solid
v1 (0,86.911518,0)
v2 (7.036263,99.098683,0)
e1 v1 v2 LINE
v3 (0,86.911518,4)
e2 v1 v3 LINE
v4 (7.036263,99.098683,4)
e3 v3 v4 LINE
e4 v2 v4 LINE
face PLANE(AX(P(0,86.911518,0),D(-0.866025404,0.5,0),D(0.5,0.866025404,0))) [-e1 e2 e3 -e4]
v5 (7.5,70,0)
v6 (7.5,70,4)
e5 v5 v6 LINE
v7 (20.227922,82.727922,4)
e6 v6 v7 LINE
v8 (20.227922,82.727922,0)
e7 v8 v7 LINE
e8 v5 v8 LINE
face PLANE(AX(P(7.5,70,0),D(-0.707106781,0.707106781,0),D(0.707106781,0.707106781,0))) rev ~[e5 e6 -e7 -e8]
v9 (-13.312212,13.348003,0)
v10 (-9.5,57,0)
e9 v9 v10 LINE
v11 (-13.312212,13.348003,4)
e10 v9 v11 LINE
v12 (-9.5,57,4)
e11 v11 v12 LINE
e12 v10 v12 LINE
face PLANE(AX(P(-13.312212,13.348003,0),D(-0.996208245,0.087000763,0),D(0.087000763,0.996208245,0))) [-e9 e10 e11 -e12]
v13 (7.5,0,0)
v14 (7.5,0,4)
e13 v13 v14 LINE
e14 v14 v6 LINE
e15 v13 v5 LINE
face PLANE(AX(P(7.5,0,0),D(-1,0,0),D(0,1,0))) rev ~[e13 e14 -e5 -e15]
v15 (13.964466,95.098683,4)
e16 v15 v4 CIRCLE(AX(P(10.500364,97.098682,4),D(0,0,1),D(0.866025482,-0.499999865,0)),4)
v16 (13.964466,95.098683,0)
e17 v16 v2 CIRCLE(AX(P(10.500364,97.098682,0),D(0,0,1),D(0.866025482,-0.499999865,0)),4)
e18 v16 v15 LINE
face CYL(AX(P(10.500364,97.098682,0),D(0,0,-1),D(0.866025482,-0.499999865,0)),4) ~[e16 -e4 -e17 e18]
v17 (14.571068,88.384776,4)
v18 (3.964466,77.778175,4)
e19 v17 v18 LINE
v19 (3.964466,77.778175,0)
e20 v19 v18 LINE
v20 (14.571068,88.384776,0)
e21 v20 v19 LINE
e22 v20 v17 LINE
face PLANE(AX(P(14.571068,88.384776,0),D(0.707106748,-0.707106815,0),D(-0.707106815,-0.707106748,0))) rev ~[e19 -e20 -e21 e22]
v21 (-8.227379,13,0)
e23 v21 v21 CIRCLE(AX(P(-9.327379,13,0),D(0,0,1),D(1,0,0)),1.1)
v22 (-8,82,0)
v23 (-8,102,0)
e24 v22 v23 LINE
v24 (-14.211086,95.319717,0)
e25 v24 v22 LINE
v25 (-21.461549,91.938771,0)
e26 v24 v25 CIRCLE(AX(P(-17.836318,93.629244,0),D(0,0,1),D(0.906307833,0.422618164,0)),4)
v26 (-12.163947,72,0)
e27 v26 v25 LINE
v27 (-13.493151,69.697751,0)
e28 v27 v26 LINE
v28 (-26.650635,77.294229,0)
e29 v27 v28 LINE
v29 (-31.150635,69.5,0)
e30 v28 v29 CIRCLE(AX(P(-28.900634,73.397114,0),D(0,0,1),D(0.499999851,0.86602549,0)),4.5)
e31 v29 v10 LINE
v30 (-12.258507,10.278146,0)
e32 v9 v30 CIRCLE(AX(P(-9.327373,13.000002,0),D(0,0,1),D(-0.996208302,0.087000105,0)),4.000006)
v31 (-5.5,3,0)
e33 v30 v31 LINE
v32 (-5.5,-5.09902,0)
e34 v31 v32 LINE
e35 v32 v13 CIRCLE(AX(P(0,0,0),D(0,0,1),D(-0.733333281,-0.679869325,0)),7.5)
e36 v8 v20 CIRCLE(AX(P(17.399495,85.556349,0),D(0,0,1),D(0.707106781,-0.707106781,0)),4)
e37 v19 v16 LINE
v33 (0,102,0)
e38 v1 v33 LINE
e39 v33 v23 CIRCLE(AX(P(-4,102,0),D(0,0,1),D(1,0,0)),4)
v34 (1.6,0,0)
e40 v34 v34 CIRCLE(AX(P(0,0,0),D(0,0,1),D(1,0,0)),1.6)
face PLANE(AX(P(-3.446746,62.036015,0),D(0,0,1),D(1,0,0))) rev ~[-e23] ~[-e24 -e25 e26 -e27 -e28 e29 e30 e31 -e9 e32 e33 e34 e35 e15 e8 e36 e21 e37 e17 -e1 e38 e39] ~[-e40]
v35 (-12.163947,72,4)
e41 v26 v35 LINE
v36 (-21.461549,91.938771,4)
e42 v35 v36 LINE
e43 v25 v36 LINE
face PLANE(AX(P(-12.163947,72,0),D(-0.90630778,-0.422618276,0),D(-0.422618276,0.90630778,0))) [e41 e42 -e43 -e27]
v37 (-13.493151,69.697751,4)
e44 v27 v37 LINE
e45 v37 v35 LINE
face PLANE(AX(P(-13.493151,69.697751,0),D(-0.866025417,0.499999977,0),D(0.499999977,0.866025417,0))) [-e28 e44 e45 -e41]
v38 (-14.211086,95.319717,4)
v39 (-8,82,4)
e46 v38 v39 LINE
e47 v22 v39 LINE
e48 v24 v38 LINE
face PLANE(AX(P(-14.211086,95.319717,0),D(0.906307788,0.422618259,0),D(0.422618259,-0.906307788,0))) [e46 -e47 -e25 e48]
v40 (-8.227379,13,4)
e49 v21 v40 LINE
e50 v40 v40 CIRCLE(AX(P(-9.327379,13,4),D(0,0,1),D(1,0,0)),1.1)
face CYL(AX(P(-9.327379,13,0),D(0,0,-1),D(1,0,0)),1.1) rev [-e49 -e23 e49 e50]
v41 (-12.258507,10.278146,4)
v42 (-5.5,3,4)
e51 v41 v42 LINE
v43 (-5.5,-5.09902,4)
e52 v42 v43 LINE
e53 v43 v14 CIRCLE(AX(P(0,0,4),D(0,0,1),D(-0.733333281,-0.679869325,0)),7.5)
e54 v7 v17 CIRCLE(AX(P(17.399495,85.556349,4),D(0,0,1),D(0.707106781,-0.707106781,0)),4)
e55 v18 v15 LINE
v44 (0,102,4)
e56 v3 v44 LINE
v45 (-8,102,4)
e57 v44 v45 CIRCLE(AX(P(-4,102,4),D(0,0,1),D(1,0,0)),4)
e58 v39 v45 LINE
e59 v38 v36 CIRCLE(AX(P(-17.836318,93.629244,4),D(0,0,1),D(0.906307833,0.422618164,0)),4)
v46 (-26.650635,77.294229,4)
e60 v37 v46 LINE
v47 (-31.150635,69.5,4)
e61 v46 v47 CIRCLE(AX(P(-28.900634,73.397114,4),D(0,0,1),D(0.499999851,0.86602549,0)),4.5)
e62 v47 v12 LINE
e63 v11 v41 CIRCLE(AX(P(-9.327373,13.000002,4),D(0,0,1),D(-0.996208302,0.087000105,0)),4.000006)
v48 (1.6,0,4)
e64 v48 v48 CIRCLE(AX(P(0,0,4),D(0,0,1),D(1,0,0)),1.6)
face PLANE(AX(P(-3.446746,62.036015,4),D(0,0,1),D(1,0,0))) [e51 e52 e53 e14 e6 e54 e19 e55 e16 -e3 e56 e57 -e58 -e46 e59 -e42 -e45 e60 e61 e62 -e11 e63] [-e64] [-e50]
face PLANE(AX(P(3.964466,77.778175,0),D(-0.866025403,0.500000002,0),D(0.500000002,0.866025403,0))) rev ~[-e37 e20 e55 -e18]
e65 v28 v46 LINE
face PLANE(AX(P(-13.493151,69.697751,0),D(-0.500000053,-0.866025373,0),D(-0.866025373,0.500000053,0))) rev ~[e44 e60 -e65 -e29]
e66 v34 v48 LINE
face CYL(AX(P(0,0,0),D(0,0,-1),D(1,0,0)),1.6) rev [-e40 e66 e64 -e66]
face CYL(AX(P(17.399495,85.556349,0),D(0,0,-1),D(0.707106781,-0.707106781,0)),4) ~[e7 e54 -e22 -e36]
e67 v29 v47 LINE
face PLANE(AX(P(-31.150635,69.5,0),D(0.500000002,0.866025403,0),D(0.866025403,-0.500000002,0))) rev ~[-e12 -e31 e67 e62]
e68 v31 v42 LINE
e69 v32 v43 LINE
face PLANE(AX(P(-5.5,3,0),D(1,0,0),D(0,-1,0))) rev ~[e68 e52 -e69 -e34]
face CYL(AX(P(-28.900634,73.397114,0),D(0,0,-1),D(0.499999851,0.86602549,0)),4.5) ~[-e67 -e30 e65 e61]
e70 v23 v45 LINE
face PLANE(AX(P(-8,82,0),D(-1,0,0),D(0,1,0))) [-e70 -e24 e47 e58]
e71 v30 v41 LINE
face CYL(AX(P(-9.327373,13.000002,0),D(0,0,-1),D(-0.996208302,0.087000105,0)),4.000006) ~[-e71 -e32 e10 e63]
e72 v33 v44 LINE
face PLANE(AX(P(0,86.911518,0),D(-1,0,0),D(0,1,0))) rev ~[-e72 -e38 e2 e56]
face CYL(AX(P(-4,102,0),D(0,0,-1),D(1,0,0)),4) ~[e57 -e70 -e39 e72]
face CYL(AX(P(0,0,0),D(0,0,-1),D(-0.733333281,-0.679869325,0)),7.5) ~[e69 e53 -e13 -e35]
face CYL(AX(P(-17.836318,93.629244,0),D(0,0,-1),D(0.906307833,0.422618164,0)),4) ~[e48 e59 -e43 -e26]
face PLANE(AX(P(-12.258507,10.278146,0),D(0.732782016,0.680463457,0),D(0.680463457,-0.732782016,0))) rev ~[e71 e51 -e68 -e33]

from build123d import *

# Parameters (mm, degrees)
SKETCH_R   = 1.6
SKETCH_R_2 = 1.1
PAD_DEPTH  = 4


with BuildPart() as part:
    # Sketch → Pad (new body)
    with BuildSketch(Plane.XY):
        with BuildLine():
            Line((7.5, 0), (7.5, 70))
            Line((7.5, 70), (20.227922, 82.727922))
            ThreePointArc((20.227922, 82.727922), (20.227922, 88.384776), (14.571068, 88.384776))
            Line((14.571068, 88.384776), (3.964466, 77.778175))
            Line((3.964466, 77.778175), (13.964466, 95.098683))
            ThreePointArc((13.964466, 95.098683), (12.500364, 100.562784), (7.036263, 99.098683))
            Line((0, 86.911518), (7.036263, 99.098683))
            Line((0, 86.911518), (0, 102))
            ThreePointArc((0, 102), (-4, 106), (-8, 102))
            Line((-8, 82), (-8, 102))
            Line((-14.211086, 95.319717), (-8, 82))
            ThreePointArc((-14.211086, 95.319717), (-19.52679, 97.254476), (-21.461549, 91.938771))
            Line((-12.163947, 72), (-21.461549, 91.938771))
            Line((-13.493151, 69.697751), (-12.163947, 72))
            Line((-13.493151, 69.697751), (-26.650635, 77.294229))
            ThreePointArc((-26.650635, 77.294229), (-32.797749, 75.647114), (-31.150635, 69.5))
            Line((-31.150635, 69.5), (-9.5, 57))
            Line((-13.312212, 13.348003), (-9.5, 57))
            ThreePointArc((-13.312212, 13.348003), (-13.110715, 11.701399), (-12.258507, 10.278146))
            Line((-12.258507, 10.278146), (-5.5, 3))
            Line((-5.5, 3), (-5.5, -5.09902))
            ThreePointArc((-5.5, -5.09902), (2.738613, -6.98212), (7.5, 0))
        make_face()
        Circle(SKETCH_R, mode=Mode.SUBTRACT)
        with Locations((-9.327379, 13)):
            Circle(SKETCH_R_2, mode=Mode.SUBTRACT)
    extrude(amount=PAD_DEPTH)


solid = part.part
